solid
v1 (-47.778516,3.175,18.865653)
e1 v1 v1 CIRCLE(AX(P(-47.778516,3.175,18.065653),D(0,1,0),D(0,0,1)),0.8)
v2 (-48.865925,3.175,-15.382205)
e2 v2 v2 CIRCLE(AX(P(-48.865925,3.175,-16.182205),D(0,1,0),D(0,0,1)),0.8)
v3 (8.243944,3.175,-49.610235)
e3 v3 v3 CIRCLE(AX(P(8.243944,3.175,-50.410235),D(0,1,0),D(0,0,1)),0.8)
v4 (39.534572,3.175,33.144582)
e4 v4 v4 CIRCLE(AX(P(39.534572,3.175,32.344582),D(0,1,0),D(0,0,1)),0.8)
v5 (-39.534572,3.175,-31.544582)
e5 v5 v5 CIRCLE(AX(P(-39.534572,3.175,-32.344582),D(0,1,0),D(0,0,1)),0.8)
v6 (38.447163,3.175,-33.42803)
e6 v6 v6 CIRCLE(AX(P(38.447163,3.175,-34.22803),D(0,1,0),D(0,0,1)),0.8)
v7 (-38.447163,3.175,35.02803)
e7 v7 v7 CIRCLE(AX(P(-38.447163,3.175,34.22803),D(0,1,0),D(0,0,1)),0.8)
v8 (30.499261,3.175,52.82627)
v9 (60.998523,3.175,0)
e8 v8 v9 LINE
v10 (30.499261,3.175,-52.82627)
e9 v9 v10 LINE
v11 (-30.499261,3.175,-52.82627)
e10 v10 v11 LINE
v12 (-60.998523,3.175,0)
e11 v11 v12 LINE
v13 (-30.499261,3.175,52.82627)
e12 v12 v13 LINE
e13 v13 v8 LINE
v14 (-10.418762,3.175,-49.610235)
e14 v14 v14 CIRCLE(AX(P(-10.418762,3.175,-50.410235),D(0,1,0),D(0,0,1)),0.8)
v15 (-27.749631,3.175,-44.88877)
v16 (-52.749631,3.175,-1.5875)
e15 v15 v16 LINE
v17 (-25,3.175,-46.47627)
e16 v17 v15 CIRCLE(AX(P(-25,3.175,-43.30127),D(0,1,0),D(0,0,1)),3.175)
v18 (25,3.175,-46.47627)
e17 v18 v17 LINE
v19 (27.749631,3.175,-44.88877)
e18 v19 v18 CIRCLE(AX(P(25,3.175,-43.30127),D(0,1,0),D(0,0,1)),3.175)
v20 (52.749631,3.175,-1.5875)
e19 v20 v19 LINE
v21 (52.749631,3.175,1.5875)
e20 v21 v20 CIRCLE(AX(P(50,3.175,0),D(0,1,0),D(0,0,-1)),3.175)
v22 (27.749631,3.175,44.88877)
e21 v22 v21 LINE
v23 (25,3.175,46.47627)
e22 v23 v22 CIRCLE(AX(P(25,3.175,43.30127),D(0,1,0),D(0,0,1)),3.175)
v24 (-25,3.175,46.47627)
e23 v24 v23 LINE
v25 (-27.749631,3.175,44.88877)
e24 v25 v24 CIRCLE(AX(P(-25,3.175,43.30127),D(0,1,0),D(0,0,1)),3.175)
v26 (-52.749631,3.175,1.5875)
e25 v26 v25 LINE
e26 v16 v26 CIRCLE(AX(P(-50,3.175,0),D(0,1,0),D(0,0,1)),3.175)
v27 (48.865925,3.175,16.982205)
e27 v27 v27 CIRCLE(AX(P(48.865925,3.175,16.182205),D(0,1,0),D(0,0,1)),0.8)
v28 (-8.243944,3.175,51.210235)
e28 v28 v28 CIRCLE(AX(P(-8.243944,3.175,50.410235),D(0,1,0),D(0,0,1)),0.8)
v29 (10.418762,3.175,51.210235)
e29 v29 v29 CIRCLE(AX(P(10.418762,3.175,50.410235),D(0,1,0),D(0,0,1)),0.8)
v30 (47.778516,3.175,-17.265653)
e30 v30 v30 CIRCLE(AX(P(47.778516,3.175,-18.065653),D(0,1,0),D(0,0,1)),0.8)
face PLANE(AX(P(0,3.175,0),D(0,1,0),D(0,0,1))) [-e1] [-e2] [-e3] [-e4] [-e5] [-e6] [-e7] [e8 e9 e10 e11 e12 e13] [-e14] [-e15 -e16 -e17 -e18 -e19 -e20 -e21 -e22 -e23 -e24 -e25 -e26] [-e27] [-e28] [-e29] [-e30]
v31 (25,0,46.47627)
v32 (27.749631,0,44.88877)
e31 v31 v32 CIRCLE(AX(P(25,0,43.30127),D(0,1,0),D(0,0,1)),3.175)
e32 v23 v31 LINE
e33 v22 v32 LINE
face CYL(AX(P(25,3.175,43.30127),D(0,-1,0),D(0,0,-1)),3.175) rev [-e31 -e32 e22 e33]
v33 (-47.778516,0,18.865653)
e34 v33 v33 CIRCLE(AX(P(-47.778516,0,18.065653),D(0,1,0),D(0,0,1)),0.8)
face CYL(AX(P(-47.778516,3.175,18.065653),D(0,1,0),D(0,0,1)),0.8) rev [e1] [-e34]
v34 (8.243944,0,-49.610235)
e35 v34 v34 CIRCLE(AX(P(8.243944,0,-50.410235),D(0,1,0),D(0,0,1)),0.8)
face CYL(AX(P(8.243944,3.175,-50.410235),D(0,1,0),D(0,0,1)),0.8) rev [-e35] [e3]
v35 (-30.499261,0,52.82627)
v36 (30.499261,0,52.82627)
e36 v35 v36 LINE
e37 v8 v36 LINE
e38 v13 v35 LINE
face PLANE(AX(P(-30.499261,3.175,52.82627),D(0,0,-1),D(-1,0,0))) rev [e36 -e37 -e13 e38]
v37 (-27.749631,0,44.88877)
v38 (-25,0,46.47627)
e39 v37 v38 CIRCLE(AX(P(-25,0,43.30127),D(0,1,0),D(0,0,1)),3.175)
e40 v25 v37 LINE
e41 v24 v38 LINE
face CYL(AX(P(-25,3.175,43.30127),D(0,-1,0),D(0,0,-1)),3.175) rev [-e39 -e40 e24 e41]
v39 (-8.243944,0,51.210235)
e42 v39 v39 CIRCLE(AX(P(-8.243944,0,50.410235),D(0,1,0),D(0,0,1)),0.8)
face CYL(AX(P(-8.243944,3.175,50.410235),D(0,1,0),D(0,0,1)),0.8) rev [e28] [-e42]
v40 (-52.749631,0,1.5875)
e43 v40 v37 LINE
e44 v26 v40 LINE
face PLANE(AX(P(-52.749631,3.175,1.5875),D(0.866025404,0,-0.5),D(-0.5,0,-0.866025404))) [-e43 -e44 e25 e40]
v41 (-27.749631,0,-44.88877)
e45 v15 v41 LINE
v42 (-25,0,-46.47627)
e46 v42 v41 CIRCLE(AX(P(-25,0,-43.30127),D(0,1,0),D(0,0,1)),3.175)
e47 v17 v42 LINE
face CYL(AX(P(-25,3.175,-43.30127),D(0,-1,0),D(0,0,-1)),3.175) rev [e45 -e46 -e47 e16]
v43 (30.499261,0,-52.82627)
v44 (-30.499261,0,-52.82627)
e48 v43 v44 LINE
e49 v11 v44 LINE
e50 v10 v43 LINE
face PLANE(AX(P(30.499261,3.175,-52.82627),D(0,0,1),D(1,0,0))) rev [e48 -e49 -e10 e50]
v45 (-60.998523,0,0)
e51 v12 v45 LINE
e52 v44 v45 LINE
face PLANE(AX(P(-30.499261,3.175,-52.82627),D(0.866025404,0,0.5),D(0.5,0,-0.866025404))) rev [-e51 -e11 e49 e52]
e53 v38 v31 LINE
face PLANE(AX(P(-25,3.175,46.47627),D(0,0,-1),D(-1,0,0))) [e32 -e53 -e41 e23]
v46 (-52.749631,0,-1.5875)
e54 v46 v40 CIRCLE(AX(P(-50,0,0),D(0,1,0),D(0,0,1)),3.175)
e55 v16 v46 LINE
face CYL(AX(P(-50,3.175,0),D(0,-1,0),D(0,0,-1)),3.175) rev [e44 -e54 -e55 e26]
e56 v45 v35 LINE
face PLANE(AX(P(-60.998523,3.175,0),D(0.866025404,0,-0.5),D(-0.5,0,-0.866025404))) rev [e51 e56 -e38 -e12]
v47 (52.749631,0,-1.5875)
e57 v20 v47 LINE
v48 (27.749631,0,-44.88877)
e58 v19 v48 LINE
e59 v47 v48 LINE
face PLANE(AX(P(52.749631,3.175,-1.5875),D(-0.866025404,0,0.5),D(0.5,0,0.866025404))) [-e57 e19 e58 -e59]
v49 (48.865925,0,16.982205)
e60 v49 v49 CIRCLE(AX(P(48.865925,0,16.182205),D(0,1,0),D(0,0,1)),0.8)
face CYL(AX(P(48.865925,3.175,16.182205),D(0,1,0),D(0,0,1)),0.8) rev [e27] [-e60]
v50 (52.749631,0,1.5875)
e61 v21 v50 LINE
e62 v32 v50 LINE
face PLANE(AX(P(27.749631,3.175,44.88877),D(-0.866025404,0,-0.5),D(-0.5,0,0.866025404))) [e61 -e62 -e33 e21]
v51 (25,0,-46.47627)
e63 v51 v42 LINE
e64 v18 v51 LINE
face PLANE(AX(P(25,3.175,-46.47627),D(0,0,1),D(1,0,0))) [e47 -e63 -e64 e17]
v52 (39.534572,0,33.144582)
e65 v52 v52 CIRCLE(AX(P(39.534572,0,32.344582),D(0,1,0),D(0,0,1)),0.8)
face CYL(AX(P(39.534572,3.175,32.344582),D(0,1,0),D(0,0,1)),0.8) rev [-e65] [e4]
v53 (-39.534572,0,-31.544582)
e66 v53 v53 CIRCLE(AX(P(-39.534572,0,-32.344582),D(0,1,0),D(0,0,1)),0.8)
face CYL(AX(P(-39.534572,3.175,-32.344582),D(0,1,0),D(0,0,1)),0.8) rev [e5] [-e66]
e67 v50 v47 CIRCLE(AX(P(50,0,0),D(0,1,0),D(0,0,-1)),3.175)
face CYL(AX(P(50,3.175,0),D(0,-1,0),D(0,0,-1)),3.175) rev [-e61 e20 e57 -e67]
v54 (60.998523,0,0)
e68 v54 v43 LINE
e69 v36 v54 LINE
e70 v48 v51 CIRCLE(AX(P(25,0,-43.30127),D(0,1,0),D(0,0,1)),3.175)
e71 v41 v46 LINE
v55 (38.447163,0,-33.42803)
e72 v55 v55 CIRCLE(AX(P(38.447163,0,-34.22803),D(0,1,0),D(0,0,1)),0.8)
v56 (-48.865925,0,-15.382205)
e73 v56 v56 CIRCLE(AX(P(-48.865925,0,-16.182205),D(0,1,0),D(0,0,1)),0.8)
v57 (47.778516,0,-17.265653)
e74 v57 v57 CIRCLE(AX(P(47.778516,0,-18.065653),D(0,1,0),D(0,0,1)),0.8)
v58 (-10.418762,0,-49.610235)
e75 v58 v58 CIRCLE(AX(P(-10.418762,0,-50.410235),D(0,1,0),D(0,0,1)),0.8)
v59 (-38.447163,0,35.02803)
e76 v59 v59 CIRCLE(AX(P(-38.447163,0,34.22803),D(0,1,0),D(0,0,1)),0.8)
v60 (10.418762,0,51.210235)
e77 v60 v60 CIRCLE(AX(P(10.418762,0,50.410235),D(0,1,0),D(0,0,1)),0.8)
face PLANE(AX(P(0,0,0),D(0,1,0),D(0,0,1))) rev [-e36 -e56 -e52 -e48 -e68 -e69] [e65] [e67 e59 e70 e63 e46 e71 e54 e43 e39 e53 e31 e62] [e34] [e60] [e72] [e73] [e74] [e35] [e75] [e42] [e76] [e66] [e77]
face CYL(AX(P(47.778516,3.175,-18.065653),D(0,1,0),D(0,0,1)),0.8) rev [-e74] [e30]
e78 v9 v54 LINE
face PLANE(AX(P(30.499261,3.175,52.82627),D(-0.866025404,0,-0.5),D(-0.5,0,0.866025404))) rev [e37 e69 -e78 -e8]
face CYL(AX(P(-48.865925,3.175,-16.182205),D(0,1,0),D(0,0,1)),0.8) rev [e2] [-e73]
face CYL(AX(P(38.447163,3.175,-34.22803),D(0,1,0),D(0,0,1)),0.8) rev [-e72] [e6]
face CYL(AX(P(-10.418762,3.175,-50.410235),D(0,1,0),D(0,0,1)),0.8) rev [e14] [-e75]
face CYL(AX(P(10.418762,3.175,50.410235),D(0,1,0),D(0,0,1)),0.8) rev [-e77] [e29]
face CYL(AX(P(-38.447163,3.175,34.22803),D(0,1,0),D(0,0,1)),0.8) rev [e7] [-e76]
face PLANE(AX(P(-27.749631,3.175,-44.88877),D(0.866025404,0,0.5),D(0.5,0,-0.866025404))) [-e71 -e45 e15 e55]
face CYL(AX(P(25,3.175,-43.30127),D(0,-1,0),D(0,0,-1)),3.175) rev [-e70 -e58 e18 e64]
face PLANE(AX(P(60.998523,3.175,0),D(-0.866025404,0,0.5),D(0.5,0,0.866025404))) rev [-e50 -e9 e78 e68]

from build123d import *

# Parameters (mm, degrees)
BOSS_EXTRUDE1_DEPTH            = 3.175
M2X0_4_TAPPED_HOLE1_AT_2_COUNT = 2
M2X0_4_TAPPED_HOLE1_AT_2_PITCH = 18.662705418
CIRPATTERN1_COUNT              = 6


with BuildPart() as part:
    # Sketch1 → Boss-Extrude1 (new body)
    with BuildSketch(Plane(origin=(0, 0, 0), x_dir=(1, 0, 0), z_dir=(0, 1, 0))):
        Polygon((60.998522628, 0), (30.499261314, 52.826270189), (-30.499261314, 52.826270189), (-60.998522628, 0), (-30.499261314, -52.826270189), (30.499261314, -52.826270189), align=None)
        with BuildLine():
            Line((52.749630657, 1.5875), (27.749630657, 44.888770189))
            ThreePointArc((27.749630657, 44.888770189), (26.5875, 46.050900846), (25, 46.476270189))
            Line((25, 46.476270189), (-25, 46.476270189))
            ThreePointArc((-25, 46.476270189), (-26.5875, 46.050900846), (-27.749630657, 44.888770189))
            Line((-27.749630657, 44.888770189), (-52.749630657, 1.5875))
            ThreePointArc((-52.749630657, 1.5875), (-53.175, 0), (-52.749630657, -1.5875))
            Line((-52.749630657, -1.5875), (-27.749630657, -44.888770189))
            ThreePointArc((-27.749630657, -44.888770189), (-26.5875, -46.050900846), (-25, -46.476270189))
            Line((-25, -46.476270189), (25, -46.476270189))
            ThreePointArc((25, -46.476270189), (26.5875, -46.050900846), (27.749630657, -44.888770189))
            Line((27.749630657, -44.888770189), (52.749630657, -1.5875))
            ThreePointArc((52.749630657, -1.5875), (53.175, 0), (52.749630657, 1.5875))
        make_face(mode=Mode.SUBTRACT)
    extrude(amount=BOSS_EXTRUDE1_DEPTH)

    # Sketch2 → M2x0.4 Tapped Hole1 (revolve, cut)
    with BuildSketch(Plane(origin=(8.243943659, 3.175, -50.410234914), x_dir=(0, 0, 1), z_dir=(1, 0, 0))):
        Polygon((0, 0), (0, 6.576688495), (0.8, 6.096), (0.8, 0), align=None)
    m2x0_4_tapped_hole1 = revolve(axis=Axis((8.243943659, 9.525, -50.410234914), (0, -1, 0)), mode=Mode.SUBTRACT)

    # M2x0.4 Tapped Hole1 at 2: M2x0.4 Tapped Hole1 ×2
    with Locations(*[(-i * M2X0_4_TAPPED_HOLE1_AT_2_PITCH, 0, 0) for i in range(1, M2X0_4_TAPPED_HOLE1_AT_2_COUNT)]):
        add(m2x0_4_tapped_hole1, mode=Mode.SUBTRACT)

    # CirPattern1: M2x0.4 Tapped Hole1 ×6 about axis
    cirpattern1_axis = Axis((0, 0, 0), (0, 1, 0))
    for i in range(1, CIRPATTERN1_COUNT):
        add(m2x0_4_tapped_hole1.rotate(cirpattern1_axis, i * 360 / CIRPATTERN1_COUNT), mode=Mode.SUBTRACT)

    # CirPattern1 copy 1 sketch → CirPattern1 copy 1 (revolve, cut)
    with BuildSketch(Plane(origin=(-48.865924925, 3.175, -16.182205098), x_dir=(0.866025404, 0, 0.5), z_dir=(0.5, 0, -0.866025404))):
        Polygon((0, 0), (0, 6.576688495), (0.8, 6.096), (0.8, 0), align=None)
    revolve(axis=Axis((-48.865924925, 9.525, -16.182205098), (0, -1, 0)), mode=Mode.SUBTRACT)

    # CirPattern1 copy 2 sketch → CirPattern1 copy 2 (revolve, cut)
    with BuildSketch(Plane(origin=(-38.447163167, 3.175, 34.228029816), x_dir=(0.866025404, 0, -0.5), z_dir=(-0.5, 0, -0.866025404))):
        Polygon((0, 0), (0, 6.576688495), (0.8, 6.096), (0.8, 0), align=None)
    revolve(axis=Axis((-38.447163167, 9.525, 34.228029816), (0, -1, 0)), mode=Mode.SUBTRACT)

    # CirPattern1 copy 3 sketch → CirPattern1 copy 3 (revolve, cut)
    with BuildSketch(Plane(origin=(10.418761758, 3.175, 50.410234914), x_dir=(0, 0, -1), z_dir=(-1, 0, 0))):
        Polygon((0, 0), (0, 6.576688495), (0.8, 6.096), (0.8, 0), align=None)
    revolve(axis=Axis((10.418761758, 9.525, 50.410234914), (0, -1, 0)), mode=Mode.SUBTRACT)

    # CirPattern1 copy 4 sketch → CirPattern1 copy 4 (revolve, cut)
    with BuildSketch(Plane(origin=(48.865924925, 3.175, 16.182205098), x_dir=(-0.866025404, 0, -0.5), z_dir=(-0.5, 0, 0.866025404))):
        Polygon((0, 0), (0, 6.576688495), (0.8, 6.096), (0.8, 0), align=None)
    revolve(axis=Axis((48.865924925, 9.525, 16.182205098), (0, -1, 0)), mode=Mode.SUBTRACT)

    # CirPattern1 copy 5 sketch → CirPattern1 copy 5 (revolve, cut)
    with BuildSketch(Plane(origin=(38.447163167, 3.175, -34.228029816), x_dir=(-0.866025404, 0, 0.5), z_dir=(0.5, 0, 0.866025404))):
        Polygon((0, 0), (0, 6.576688495), (0.8, 6.096), (0.8, 0), align=None)
    revolve(axis=Axis((38.447163167, 9.525, -34.228029816), (0, -1, 0)), mode=Mode.SUBTRACT)


solid = part.part
